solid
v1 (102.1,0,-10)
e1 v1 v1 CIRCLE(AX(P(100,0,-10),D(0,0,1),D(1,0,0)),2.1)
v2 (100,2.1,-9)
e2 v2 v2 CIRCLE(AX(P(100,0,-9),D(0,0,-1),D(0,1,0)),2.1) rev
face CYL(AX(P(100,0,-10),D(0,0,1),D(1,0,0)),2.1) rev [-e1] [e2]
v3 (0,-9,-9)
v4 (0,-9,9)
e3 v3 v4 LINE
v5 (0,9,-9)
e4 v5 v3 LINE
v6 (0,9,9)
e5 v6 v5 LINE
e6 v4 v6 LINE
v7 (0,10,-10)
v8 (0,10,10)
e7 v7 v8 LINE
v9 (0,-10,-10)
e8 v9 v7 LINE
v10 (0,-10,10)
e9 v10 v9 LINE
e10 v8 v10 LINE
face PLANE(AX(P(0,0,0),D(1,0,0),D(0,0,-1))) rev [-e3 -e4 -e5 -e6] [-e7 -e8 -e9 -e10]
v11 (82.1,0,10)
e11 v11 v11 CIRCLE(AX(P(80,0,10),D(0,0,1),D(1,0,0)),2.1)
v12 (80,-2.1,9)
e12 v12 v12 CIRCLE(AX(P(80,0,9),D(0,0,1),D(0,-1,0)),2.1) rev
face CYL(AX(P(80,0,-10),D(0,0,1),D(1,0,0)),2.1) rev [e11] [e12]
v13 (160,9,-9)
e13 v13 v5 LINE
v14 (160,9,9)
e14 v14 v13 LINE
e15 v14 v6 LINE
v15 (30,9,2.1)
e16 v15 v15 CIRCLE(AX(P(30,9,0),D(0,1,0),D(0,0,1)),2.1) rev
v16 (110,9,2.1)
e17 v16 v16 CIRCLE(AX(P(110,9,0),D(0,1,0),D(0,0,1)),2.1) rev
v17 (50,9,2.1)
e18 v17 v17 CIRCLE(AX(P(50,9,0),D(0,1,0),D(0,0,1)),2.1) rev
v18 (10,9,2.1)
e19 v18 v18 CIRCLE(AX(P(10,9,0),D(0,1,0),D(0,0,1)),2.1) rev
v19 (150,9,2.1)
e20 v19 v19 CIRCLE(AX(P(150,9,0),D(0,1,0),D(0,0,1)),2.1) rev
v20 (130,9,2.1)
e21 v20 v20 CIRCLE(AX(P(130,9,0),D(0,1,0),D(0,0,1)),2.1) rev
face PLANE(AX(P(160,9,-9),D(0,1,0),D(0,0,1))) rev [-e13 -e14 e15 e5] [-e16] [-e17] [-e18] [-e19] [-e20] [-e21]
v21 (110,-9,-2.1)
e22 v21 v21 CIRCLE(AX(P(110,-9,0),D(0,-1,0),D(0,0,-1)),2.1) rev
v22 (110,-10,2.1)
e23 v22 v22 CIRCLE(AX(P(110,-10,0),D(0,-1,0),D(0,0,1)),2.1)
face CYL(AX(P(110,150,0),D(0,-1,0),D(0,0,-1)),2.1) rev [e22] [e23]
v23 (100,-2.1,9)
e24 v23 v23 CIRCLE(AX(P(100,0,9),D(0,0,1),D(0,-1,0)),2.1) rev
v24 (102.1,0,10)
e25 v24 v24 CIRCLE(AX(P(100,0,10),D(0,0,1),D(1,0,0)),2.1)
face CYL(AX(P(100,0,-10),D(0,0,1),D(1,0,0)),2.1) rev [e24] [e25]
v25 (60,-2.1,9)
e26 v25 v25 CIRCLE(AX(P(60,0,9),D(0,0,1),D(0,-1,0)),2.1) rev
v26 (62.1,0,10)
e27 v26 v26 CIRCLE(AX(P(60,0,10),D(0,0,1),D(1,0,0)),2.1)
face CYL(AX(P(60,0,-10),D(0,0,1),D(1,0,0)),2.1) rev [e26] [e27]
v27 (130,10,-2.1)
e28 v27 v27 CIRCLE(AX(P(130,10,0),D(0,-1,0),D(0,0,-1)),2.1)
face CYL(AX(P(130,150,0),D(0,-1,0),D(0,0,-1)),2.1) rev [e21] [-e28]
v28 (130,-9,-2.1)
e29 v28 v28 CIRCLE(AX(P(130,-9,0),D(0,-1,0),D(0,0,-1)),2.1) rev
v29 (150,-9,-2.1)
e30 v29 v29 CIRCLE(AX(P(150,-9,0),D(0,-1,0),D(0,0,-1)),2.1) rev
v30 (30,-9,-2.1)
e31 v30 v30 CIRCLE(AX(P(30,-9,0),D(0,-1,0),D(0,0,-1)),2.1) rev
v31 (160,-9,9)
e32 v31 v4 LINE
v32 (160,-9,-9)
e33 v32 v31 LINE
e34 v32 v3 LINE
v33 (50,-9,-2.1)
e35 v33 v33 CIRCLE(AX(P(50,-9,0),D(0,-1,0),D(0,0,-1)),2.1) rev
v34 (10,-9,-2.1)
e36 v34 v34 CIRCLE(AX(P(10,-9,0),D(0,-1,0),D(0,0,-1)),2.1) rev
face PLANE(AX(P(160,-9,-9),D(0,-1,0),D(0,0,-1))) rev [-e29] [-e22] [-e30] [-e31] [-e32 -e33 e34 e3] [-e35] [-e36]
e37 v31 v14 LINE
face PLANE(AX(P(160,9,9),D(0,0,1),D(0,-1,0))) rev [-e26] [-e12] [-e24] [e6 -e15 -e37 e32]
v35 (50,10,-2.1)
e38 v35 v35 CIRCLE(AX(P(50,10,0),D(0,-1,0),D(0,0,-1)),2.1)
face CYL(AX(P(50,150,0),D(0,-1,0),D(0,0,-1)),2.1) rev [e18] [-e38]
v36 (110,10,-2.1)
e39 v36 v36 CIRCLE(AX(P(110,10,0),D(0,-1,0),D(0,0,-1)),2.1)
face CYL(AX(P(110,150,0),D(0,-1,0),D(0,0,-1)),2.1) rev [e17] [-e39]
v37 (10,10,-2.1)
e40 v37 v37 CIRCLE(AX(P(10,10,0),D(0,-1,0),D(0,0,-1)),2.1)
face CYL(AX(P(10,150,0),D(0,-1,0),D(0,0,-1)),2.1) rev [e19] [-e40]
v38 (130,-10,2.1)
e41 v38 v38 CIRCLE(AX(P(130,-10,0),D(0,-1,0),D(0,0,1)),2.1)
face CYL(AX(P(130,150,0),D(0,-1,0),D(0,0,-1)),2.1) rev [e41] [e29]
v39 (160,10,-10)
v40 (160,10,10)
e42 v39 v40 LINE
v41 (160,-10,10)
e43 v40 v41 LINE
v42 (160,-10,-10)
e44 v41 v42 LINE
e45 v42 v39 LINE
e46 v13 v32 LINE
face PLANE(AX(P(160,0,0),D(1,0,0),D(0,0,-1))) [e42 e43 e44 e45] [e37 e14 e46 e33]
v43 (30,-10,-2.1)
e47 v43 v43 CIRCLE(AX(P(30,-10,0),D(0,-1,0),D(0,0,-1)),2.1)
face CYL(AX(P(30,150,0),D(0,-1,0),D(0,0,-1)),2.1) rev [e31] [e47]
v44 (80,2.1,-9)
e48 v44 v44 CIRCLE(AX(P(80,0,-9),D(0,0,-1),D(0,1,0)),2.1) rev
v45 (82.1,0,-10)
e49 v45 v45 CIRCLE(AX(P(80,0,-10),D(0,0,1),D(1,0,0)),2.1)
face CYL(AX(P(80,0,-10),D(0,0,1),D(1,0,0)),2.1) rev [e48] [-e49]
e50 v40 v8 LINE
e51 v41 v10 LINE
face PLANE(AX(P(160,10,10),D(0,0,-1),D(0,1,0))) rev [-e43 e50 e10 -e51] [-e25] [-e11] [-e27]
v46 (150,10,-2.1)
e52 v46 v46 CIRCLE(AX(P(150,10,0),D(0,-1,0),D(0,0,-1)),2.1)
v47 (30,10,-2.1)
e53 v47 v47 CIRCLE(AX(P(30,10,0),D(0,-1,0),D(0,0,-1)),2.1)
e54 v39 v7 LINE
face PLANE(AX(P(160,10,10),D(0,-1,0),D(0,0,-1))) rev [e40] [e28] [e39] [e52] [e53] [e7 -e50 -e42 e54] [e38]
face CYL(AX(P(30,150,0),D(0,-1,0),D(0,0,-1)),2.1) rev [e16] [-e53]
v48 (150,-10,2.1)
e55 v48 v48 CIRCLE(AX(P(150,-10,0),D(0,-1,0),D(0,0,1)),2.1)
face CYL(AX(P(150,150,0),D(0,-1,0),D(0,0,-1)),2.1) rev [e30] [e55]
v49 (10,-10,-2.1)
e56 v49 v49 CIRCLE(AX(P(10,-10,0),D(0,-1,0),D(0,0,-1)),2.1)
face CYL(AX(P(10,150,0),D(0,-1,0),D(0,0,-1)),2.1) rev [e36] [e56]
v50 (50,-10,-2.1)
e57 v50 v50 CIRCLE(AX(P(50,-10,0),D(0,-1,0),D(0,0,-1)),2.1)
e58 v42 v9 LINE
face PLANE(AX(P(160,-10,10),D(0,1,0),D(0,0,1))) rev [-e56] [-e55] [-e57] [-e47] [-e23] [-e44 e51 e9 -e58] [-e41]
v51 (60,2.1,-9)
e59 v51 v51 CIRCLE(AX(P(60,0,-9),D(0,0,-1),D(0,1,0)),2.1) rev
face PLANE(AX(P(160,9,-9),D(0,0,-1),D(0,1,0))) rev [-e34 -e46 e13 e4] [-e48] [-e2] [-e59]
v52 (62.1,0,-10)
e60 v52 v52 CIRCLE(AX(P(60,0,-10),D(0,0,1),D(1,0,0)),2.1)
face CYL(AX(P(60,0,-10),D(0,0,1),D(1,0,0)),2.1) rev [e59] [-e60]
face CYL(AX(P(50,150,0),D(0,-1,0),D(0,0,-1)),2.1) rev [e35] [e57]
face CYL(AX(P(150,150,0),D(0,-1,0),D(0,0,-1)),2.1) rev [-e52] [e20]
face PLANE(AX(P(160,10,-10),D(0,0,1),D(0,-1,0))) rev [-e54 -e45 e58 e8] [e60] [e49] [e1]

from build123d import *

# Parameters (mm, degrees)
SKETCH_1_W          = 20
SKETCH_1_H          = 20
EXTRUDE_1_DEPTH     = 160
SKETCH_2_R          = 2.1
CUT_EXTRUDE_1_DEPTH = 160
SKETCH_3_R          = 2.1
CUT_EXTRUDE_2_DEPTH = 162.554944214
SKETCH_4_W          = 18
SKETCH_4_H          = 18
CUT_EXTRUDE_3_DEPTH = 161.623784042


with BuildPart() as part:
    # 草图1 → 凸台-拉伸1 (new body)
    with BuildSketch(Plane(origin=(0, 0, 0), x_dir=(0, 0, -1), z_dir=(1, 0, 0))):
        Rectangle(SKETCH_1_W, SKETCH_1_H)
    extrude(amount=EXTRUDE_1_DEPTH)

    # 草图2 → 切除-拉伸1 (cut)
    with BuildSketch(Plane.XZ.offset(10)):
        with Locations(Location((10, 0, 0), (0, 0, 270))):
            Circle(SKETCH_2_R)
        with Locations(Location((30, 0, 0), (0, 0, 270))):
            Circle(SKETCH_2_R)
        with Locations(Location((50, 0, 0), (0, 0, 270))):
            Circle(SKETCH_2_R)
        with Locations(Location((110, 0, 0), (0, 0, 270))):
            Circle(SKETCH_2_R)
        with Locations(Location((130, 0, 0), (0, 0, 270))):
            Circle(SKETCH_2_R)
        with Locations(Location((150, 0, 0), (0, 0, 270))):
            Circle(SKETCH_2_R)
    extrude(amount=-CUT_EXTRUDE_1_DEPTH, mode=Mode.SUBTRACT)

    # 草图3 → 切除-拉伸2 (cut, through all)
    with BuildSketch(Plane.XY.offset(10)):
        with Locations((60, 0)):
            Circle(SKETCH_3_R)
        with Locations((80, 0)):
            Circle(SKETCH_3_R)
        with Locations((100, 0)):
            Circle(SKETCH_3_R)
    extrude(amount=-CUT_EXTRUDE_2_DEPTH, mode=Mode.SUBTRACT)

    # 草图4 → 切除-拉伸3 (cut, through all)
    with BuildSketch(Plane.ZY):
        Rectangle(SKETCH_4_W, SKETCH_4_H)
    extrude(amount=-CUT_EXTRUDE_3_DEPTH, mode=Mode.SUBTRACT)


solid = part.part
